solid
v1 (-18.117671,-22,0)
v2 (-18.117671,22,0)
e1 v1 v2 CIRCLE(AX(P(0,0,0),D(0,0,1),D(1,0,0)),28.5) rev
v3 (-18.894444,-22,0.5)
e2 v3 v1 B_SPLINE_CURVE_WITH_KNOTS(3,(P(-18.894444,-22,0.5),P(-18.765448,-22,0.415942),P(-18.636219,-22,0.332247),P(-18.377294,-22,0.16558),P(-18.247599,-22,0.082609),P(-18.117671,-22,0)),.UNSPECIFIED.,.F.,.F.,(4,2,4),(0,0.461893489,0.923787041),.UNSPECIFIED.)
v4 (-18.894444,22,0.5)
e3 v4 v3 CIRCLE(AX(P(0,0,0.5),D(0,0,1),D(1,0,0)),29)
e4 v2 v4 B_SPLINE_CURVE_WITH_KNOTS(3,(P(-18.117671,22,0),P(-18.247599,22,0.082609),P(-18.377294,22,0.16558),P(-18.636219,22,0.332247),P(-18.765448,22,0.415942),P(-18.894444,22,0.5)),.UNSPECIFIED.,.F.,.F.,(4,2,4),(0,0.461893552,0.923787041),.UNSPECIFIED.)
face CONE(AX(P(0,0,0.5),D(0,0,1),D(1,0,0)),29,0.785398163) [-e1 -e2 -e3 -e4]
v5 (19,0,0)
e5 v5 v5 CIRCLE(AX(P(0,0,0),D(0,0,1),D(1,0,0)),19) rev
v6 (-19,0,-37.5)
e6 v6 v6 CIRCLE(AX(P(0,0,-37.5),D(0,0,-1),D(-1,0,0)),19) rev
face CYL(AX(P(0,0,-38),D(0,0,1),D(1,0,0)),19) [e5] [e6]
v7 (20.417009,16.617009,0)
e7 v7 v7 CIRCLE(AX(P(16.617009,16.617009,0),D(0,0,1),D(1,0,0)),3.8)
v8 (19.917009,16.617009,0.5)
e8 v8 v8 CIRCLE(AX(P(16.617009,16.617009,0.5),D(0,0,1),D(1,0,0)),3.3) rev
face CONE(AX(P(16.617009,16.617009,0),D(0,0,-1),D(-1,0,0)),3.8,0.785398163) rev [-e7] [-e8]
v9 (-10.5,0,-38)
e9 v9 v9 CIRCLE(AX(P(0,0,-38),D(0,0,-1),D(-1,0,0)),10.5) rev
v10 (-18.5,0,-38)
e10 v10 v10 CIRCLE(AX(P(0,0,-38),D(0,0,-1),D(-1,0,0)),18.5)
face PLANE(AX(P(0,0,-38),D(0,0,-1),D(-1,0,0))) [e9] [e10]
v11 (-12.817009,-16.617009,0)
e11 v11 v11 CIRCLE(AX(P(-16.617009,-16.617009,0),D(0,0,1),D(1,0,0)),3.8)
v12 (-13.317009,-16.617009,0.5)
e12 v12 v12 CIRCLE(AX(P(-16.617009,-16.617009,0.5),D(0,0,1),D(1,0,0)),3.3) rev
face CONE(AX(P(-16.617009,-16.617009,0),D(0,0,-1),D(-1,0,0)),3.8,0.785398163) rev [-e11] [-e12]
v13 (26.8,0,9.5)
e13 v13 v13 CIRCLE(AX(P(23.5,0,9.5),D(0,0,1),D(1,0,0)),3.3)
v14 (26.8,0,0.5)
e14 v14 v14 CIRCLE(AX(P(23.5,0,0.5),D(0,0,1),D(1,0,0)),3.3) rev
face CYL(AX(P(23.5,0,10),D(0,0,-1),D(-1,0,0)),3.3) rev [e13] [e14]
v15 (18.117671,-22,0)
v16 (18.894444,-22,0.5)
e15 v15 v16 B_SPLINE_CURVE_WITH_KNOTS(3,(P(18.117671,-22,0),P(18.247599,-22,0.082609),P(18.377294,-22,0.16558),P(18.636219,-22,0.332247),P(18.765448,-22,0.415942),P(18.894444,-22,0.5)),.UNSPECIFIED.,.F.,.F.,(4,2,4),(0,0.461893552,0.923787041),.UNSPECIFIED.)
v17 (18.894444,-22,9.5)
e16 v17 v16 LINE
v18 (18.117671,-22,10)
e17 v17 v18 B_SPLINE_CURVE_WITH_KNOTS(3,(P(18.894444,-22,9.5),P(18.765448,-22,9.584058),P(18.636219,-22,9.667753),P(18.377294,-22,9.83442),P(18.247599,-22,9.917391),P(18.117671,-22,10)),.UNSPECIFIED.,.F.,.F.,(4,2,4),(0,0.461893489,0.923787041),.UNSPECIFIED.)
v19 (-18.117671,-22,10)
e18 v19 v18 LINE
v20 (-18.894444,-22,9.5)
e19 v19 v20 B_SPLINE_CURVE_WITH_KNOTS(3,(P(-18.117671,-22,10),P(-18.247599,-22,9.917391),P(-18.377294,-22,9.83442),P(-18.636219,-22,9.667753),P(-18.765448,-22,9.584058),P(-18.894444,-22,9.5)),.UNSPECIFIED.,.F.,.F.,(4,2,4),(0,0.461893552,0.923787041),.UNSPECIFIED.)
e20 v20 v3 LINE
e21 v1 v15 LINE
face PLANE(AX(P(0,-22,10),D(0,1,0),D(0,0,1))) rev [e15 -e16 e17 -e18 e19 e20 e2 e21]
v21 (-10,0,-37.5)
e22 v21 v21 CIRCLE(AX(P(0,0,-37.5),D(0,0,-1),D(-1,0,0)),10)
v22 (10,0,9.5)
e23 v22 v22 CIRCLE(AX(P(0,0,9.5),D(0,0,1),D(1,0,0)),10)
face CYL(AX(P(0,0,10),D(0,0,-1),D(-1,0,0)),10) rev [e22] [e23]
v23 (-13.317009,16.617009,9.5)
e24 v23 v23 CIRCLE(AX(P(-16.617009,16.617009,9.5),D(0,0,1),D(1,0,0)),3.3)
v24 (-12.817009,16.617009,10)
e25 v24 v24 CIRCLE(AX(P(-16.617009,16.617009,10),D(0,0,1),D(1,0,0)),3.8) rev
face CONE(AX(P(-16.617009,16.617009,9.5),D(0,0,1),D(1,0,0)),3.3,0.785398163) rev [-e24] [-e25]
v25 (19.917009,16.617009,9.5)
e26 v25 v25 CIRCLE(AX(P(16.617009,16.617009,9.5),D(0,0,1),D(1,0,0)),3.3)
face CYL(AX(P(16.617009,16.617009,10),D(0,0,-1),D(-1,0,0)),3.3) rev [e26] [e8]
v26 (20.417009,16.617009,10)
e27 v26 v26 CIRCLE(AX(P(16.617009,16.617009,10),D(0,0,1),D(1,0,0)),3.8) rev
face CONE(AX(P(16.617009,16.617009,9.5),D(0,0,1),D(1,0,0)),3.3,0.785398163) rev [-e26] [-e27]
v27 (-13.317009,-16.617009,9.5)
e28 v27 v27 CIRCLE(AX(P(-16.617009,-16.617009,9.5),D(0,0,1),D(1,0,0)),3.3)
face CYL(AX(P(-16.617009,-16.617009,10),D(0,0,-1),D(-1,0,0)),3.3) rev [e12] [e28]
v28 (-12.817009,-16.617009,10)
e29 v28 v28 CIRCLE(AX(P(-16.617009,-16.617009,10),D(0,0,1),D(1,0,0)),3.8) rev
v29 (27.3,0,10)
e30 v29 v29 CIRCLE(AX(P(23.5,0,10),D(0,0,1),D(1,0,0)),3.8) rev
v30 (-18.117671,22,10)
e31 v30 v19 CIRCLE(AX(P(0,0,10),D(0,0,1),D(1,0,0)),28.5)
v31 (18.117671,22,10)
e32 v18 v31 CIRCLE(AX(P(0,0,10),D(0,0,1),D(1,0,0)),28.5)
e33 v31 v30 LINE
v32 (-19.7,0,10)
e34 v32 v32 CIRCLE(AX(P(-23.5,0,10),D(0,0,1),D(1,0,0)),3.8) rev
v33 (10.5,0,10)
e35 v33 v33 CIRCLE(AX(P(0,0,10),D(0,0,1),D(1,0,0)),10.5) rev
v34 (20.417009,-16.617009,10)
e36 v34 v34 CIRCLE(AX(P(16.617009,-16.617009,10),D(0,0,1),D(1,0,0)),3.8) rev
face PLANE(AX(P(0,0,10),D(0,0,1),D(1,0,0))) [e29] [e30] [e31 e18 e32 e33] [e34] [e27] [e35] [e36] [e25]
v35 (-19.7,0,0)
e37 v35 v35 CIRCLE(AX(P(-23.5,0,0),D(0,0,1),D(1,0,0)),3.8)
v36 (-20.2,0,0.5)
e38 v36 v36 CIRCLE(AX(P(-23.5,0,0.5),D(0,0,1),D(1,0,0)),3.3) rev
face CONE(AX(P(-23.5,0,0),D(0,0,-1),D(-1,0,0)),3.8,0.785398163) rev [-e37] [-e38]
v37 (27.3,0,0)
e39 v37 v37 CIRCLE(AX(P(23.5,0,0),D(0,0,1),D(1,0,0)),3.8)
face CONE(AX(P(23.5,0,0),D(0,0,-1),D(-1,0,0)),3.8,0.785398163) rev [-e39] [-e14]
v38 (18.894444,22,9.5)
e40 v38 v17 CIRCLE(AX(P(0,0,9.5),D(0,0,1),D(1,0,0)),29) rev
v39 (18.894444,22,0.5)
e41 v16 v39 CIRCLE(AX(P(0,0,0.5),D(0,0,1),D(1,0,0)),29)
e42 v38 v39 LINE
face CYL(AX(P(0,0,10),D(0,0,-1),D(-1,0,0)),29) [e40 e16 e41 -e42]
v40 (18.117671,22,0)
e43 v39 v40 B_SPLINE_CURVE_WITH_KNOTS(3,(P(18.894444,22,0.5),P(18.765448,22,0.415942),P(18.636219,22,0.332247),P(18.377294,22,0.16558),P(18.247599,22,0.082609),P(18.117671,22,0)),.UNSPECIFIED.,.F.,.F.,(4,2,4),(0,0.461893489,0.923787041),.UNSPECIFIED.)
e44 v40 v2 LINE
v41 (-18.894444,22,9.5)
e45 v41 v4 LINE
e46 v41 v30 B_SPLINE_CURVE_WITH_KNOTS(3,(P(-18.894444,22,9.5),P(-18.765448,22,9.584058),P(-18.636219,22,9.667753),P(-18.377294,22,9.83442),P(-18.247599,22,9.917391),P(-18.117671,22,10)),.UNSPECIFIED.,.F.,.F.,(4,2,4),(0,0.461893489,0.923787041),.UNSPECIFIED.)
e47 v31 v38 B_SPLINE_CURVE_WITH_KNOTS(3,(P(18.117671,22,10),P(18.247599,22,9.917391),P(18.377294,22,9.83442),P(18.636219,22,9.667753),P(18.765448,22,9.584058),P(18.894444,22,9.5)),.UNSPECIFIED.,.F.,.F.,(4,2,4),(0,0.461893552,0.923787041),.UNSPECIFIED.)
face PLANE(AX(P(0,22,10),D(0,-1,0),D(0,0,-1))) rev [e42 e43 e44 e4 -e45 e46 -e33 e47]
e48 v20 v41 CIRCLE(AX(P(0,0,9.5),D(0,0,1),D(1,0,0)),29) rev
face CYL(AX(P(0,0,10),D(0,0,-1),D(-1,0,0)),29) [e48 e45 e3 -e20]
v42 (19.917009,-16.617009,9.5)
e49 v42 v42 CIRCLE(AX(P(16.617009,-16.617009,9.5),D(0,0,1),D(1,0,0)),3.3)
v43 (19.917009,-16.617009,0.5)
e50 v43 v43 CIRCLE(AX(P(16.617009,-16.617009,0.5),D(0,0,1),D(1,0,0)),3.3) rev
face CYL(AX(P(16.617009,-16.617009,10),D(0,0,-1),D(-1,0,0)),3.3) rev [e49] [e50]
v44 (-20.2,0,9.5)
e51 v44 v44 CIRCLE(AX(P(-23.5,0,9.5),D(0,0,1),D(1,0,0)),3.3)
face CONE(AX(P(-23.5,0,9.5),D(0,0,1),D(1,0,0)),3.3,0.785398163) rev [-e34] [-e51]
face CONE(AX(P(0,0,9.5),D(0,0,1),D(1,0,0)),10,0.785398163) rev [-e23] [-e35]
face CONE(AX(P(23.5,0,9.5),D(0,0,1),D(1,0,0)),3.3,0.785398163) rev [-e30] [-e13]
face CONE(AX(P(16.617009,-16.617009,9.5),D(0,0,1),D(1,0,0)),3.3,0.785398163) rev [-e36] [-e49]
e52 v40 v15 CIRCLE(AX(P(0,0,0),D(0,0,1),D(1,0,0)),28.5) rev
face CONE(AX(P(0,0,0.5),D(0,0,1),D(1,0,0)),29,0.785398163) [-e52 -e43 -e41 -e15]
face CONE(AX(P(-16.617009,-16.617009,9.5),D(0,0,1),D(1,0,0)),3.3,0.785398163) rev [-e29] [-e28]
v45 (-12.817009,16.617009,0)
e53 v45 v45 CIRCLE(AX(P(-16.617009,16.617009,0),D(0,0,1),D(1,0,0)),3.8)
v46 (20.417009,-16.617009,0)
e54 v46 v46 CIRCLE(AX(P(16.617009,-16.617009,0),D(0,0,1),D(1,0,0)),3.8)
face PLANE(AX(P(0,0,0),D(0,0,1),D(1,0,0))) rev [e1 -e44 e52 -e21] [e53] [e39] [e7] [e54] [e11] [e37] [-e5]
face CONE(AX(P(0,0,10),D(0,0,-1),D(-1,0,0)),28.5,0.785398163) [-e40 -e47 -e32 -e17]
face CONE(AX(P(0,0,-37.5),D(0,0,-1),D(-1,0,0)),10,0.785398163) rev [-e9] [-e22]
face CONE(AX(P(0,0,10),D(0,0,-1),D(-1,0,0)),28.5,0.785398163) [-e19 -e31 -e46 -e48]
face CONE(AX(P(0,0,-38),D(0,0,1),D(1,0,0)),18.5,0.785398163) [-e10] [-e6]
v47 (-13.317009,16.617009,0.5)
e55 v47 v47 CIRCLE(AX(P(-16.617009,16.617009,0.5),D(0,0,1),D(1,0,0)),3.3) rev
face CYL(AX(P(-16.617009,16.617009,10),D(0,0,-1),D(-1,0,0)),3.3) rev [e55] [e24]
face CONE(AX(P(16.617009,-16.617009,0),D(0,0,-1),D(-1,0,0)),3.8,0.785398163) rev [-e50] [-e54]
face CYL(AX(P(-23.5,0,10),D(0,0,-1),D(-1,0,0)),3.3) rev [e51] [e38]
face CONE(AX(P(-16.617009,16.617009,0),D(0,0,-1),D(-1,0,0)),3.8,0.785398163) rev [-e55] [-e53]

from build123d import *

# Parameters (mm, degrees)
SZKIC1_R                    = 10
SZKIC1_R_2                  = 3.3
DODANIE_WYCI_GNI_CIE1_DEPTH = 10
SZKIC2_R                    = 19
SZKIC2_R_2                  = 10
DODANIE_WYCI_GNI_CIE2_DEPTH = 38
SFAZOWANIE1_SIZE            = 0.5
SFAZOWANIE2_SIZE            = 0.5


with BuildPart() as part:
    # Szkic1 → Dodanie-wyciągnięcie1 (new body)
    with BuildSketch(Plane.XY):
        with BuildLine():
            Line((0, -22), (-18.894443628, -22))
            ThreePointArc((-18.894443628, -22), (-29, 0), (-18.894443628, 22))
            Line((-18.894443628, 22), (0, 22))
            Line((0, 22), (18.894443628, 22))
            ThreePointArc((18.894443628, 22), (29, 0), (18.894443628, -22))
            Line((18.894443628, -22), (0, -22))
        make_face()
        Circle(SZKIC1_R, mode=Mode.SUBTRACT)
        with Locations((-16.617009358, 16.617009358)):
            Circle(SZKIC1_R_2, mode=Mode.SUBTRACT)
        with Locations((-23.5, 0)):
            Circle(SZKIC1_R_2, mode=Mode.SUBTRACT)
        with Locations((-16.617009358, -16.617009358)):
            Circle(SZKIC1_R_2, mode=Mode.SUBTRACT)
        with Locations((16.617009358, -16.617009358)):
            Circle(SZKIC1_R_2, mode=Mode.SUBTRACT)
        with Locations((23.5, 0)):
            Circle(SZKIC1_R_2, mode=Mode.SUBTRACT)
        with Locations((16.617009358, 16.617009358)):
            Circle(SZKIC1_R_2, mode=Mode.SUBTRACT)
    extrude(amount=DODANIE_WYCI_GNI_CIE1_DEPTH)

    # Szkic2 → Dodanie-wyciągnięcie2 (add)
    with BuildSketch(Plane(origin=(0, 0, 0), x_dir=(-1, 0, 0), z_dir=(0, 0, -1))):
        Circle(SZKIC2_R)
        Circle(SZKIC2_R_2, mode=Mode.SUBTRACT)
    extrude(amount=DODANIE_WYCI_GNI_CIE2_DEPTH)

    # Sfazowanie1
    sfazowanie1_edges = [part.edges().sort_by_distance(p)[0] for p in [
        (-19.917009358, 16.617009358, 0),
        (-19.917009358, 16.617009358, 10),
        (-26.8, 0, 0),
        (-26.8, 0, 10),
        (-19.917009358, -16.617009358, 0),
        (-19.917009358, -16.617009358, 10),
        (13.317009358, -16.617009358, 0),
        (13.317009358, -16.617009358, 10),
        (20.2, 0, 0),
        (20.2, 0, 10),
        (13.317009358, 16.617009358, 0),
        (13.317009358, 16.617009358, 10),
    ]]
    chamfer(sfazowanie1_edges, length=SFAZOWANIE1_SIZE)

    # Sfazowanie2
    sfazowanie2_edges = [part.edges().sort_by_distance(p)[0] for p in [
        (29, 0, 10),
        (-10, 0, 10),
        (-29, 0, 10),
        (19, 0, -38),
        (10, 0, -38),
        (29, 0, 0),
        (-29, 0, 0),
    ]]
    chamfer(sfazowanie2_edges, length=SFAZOWANIE2_SIZE)


solid = part.part
